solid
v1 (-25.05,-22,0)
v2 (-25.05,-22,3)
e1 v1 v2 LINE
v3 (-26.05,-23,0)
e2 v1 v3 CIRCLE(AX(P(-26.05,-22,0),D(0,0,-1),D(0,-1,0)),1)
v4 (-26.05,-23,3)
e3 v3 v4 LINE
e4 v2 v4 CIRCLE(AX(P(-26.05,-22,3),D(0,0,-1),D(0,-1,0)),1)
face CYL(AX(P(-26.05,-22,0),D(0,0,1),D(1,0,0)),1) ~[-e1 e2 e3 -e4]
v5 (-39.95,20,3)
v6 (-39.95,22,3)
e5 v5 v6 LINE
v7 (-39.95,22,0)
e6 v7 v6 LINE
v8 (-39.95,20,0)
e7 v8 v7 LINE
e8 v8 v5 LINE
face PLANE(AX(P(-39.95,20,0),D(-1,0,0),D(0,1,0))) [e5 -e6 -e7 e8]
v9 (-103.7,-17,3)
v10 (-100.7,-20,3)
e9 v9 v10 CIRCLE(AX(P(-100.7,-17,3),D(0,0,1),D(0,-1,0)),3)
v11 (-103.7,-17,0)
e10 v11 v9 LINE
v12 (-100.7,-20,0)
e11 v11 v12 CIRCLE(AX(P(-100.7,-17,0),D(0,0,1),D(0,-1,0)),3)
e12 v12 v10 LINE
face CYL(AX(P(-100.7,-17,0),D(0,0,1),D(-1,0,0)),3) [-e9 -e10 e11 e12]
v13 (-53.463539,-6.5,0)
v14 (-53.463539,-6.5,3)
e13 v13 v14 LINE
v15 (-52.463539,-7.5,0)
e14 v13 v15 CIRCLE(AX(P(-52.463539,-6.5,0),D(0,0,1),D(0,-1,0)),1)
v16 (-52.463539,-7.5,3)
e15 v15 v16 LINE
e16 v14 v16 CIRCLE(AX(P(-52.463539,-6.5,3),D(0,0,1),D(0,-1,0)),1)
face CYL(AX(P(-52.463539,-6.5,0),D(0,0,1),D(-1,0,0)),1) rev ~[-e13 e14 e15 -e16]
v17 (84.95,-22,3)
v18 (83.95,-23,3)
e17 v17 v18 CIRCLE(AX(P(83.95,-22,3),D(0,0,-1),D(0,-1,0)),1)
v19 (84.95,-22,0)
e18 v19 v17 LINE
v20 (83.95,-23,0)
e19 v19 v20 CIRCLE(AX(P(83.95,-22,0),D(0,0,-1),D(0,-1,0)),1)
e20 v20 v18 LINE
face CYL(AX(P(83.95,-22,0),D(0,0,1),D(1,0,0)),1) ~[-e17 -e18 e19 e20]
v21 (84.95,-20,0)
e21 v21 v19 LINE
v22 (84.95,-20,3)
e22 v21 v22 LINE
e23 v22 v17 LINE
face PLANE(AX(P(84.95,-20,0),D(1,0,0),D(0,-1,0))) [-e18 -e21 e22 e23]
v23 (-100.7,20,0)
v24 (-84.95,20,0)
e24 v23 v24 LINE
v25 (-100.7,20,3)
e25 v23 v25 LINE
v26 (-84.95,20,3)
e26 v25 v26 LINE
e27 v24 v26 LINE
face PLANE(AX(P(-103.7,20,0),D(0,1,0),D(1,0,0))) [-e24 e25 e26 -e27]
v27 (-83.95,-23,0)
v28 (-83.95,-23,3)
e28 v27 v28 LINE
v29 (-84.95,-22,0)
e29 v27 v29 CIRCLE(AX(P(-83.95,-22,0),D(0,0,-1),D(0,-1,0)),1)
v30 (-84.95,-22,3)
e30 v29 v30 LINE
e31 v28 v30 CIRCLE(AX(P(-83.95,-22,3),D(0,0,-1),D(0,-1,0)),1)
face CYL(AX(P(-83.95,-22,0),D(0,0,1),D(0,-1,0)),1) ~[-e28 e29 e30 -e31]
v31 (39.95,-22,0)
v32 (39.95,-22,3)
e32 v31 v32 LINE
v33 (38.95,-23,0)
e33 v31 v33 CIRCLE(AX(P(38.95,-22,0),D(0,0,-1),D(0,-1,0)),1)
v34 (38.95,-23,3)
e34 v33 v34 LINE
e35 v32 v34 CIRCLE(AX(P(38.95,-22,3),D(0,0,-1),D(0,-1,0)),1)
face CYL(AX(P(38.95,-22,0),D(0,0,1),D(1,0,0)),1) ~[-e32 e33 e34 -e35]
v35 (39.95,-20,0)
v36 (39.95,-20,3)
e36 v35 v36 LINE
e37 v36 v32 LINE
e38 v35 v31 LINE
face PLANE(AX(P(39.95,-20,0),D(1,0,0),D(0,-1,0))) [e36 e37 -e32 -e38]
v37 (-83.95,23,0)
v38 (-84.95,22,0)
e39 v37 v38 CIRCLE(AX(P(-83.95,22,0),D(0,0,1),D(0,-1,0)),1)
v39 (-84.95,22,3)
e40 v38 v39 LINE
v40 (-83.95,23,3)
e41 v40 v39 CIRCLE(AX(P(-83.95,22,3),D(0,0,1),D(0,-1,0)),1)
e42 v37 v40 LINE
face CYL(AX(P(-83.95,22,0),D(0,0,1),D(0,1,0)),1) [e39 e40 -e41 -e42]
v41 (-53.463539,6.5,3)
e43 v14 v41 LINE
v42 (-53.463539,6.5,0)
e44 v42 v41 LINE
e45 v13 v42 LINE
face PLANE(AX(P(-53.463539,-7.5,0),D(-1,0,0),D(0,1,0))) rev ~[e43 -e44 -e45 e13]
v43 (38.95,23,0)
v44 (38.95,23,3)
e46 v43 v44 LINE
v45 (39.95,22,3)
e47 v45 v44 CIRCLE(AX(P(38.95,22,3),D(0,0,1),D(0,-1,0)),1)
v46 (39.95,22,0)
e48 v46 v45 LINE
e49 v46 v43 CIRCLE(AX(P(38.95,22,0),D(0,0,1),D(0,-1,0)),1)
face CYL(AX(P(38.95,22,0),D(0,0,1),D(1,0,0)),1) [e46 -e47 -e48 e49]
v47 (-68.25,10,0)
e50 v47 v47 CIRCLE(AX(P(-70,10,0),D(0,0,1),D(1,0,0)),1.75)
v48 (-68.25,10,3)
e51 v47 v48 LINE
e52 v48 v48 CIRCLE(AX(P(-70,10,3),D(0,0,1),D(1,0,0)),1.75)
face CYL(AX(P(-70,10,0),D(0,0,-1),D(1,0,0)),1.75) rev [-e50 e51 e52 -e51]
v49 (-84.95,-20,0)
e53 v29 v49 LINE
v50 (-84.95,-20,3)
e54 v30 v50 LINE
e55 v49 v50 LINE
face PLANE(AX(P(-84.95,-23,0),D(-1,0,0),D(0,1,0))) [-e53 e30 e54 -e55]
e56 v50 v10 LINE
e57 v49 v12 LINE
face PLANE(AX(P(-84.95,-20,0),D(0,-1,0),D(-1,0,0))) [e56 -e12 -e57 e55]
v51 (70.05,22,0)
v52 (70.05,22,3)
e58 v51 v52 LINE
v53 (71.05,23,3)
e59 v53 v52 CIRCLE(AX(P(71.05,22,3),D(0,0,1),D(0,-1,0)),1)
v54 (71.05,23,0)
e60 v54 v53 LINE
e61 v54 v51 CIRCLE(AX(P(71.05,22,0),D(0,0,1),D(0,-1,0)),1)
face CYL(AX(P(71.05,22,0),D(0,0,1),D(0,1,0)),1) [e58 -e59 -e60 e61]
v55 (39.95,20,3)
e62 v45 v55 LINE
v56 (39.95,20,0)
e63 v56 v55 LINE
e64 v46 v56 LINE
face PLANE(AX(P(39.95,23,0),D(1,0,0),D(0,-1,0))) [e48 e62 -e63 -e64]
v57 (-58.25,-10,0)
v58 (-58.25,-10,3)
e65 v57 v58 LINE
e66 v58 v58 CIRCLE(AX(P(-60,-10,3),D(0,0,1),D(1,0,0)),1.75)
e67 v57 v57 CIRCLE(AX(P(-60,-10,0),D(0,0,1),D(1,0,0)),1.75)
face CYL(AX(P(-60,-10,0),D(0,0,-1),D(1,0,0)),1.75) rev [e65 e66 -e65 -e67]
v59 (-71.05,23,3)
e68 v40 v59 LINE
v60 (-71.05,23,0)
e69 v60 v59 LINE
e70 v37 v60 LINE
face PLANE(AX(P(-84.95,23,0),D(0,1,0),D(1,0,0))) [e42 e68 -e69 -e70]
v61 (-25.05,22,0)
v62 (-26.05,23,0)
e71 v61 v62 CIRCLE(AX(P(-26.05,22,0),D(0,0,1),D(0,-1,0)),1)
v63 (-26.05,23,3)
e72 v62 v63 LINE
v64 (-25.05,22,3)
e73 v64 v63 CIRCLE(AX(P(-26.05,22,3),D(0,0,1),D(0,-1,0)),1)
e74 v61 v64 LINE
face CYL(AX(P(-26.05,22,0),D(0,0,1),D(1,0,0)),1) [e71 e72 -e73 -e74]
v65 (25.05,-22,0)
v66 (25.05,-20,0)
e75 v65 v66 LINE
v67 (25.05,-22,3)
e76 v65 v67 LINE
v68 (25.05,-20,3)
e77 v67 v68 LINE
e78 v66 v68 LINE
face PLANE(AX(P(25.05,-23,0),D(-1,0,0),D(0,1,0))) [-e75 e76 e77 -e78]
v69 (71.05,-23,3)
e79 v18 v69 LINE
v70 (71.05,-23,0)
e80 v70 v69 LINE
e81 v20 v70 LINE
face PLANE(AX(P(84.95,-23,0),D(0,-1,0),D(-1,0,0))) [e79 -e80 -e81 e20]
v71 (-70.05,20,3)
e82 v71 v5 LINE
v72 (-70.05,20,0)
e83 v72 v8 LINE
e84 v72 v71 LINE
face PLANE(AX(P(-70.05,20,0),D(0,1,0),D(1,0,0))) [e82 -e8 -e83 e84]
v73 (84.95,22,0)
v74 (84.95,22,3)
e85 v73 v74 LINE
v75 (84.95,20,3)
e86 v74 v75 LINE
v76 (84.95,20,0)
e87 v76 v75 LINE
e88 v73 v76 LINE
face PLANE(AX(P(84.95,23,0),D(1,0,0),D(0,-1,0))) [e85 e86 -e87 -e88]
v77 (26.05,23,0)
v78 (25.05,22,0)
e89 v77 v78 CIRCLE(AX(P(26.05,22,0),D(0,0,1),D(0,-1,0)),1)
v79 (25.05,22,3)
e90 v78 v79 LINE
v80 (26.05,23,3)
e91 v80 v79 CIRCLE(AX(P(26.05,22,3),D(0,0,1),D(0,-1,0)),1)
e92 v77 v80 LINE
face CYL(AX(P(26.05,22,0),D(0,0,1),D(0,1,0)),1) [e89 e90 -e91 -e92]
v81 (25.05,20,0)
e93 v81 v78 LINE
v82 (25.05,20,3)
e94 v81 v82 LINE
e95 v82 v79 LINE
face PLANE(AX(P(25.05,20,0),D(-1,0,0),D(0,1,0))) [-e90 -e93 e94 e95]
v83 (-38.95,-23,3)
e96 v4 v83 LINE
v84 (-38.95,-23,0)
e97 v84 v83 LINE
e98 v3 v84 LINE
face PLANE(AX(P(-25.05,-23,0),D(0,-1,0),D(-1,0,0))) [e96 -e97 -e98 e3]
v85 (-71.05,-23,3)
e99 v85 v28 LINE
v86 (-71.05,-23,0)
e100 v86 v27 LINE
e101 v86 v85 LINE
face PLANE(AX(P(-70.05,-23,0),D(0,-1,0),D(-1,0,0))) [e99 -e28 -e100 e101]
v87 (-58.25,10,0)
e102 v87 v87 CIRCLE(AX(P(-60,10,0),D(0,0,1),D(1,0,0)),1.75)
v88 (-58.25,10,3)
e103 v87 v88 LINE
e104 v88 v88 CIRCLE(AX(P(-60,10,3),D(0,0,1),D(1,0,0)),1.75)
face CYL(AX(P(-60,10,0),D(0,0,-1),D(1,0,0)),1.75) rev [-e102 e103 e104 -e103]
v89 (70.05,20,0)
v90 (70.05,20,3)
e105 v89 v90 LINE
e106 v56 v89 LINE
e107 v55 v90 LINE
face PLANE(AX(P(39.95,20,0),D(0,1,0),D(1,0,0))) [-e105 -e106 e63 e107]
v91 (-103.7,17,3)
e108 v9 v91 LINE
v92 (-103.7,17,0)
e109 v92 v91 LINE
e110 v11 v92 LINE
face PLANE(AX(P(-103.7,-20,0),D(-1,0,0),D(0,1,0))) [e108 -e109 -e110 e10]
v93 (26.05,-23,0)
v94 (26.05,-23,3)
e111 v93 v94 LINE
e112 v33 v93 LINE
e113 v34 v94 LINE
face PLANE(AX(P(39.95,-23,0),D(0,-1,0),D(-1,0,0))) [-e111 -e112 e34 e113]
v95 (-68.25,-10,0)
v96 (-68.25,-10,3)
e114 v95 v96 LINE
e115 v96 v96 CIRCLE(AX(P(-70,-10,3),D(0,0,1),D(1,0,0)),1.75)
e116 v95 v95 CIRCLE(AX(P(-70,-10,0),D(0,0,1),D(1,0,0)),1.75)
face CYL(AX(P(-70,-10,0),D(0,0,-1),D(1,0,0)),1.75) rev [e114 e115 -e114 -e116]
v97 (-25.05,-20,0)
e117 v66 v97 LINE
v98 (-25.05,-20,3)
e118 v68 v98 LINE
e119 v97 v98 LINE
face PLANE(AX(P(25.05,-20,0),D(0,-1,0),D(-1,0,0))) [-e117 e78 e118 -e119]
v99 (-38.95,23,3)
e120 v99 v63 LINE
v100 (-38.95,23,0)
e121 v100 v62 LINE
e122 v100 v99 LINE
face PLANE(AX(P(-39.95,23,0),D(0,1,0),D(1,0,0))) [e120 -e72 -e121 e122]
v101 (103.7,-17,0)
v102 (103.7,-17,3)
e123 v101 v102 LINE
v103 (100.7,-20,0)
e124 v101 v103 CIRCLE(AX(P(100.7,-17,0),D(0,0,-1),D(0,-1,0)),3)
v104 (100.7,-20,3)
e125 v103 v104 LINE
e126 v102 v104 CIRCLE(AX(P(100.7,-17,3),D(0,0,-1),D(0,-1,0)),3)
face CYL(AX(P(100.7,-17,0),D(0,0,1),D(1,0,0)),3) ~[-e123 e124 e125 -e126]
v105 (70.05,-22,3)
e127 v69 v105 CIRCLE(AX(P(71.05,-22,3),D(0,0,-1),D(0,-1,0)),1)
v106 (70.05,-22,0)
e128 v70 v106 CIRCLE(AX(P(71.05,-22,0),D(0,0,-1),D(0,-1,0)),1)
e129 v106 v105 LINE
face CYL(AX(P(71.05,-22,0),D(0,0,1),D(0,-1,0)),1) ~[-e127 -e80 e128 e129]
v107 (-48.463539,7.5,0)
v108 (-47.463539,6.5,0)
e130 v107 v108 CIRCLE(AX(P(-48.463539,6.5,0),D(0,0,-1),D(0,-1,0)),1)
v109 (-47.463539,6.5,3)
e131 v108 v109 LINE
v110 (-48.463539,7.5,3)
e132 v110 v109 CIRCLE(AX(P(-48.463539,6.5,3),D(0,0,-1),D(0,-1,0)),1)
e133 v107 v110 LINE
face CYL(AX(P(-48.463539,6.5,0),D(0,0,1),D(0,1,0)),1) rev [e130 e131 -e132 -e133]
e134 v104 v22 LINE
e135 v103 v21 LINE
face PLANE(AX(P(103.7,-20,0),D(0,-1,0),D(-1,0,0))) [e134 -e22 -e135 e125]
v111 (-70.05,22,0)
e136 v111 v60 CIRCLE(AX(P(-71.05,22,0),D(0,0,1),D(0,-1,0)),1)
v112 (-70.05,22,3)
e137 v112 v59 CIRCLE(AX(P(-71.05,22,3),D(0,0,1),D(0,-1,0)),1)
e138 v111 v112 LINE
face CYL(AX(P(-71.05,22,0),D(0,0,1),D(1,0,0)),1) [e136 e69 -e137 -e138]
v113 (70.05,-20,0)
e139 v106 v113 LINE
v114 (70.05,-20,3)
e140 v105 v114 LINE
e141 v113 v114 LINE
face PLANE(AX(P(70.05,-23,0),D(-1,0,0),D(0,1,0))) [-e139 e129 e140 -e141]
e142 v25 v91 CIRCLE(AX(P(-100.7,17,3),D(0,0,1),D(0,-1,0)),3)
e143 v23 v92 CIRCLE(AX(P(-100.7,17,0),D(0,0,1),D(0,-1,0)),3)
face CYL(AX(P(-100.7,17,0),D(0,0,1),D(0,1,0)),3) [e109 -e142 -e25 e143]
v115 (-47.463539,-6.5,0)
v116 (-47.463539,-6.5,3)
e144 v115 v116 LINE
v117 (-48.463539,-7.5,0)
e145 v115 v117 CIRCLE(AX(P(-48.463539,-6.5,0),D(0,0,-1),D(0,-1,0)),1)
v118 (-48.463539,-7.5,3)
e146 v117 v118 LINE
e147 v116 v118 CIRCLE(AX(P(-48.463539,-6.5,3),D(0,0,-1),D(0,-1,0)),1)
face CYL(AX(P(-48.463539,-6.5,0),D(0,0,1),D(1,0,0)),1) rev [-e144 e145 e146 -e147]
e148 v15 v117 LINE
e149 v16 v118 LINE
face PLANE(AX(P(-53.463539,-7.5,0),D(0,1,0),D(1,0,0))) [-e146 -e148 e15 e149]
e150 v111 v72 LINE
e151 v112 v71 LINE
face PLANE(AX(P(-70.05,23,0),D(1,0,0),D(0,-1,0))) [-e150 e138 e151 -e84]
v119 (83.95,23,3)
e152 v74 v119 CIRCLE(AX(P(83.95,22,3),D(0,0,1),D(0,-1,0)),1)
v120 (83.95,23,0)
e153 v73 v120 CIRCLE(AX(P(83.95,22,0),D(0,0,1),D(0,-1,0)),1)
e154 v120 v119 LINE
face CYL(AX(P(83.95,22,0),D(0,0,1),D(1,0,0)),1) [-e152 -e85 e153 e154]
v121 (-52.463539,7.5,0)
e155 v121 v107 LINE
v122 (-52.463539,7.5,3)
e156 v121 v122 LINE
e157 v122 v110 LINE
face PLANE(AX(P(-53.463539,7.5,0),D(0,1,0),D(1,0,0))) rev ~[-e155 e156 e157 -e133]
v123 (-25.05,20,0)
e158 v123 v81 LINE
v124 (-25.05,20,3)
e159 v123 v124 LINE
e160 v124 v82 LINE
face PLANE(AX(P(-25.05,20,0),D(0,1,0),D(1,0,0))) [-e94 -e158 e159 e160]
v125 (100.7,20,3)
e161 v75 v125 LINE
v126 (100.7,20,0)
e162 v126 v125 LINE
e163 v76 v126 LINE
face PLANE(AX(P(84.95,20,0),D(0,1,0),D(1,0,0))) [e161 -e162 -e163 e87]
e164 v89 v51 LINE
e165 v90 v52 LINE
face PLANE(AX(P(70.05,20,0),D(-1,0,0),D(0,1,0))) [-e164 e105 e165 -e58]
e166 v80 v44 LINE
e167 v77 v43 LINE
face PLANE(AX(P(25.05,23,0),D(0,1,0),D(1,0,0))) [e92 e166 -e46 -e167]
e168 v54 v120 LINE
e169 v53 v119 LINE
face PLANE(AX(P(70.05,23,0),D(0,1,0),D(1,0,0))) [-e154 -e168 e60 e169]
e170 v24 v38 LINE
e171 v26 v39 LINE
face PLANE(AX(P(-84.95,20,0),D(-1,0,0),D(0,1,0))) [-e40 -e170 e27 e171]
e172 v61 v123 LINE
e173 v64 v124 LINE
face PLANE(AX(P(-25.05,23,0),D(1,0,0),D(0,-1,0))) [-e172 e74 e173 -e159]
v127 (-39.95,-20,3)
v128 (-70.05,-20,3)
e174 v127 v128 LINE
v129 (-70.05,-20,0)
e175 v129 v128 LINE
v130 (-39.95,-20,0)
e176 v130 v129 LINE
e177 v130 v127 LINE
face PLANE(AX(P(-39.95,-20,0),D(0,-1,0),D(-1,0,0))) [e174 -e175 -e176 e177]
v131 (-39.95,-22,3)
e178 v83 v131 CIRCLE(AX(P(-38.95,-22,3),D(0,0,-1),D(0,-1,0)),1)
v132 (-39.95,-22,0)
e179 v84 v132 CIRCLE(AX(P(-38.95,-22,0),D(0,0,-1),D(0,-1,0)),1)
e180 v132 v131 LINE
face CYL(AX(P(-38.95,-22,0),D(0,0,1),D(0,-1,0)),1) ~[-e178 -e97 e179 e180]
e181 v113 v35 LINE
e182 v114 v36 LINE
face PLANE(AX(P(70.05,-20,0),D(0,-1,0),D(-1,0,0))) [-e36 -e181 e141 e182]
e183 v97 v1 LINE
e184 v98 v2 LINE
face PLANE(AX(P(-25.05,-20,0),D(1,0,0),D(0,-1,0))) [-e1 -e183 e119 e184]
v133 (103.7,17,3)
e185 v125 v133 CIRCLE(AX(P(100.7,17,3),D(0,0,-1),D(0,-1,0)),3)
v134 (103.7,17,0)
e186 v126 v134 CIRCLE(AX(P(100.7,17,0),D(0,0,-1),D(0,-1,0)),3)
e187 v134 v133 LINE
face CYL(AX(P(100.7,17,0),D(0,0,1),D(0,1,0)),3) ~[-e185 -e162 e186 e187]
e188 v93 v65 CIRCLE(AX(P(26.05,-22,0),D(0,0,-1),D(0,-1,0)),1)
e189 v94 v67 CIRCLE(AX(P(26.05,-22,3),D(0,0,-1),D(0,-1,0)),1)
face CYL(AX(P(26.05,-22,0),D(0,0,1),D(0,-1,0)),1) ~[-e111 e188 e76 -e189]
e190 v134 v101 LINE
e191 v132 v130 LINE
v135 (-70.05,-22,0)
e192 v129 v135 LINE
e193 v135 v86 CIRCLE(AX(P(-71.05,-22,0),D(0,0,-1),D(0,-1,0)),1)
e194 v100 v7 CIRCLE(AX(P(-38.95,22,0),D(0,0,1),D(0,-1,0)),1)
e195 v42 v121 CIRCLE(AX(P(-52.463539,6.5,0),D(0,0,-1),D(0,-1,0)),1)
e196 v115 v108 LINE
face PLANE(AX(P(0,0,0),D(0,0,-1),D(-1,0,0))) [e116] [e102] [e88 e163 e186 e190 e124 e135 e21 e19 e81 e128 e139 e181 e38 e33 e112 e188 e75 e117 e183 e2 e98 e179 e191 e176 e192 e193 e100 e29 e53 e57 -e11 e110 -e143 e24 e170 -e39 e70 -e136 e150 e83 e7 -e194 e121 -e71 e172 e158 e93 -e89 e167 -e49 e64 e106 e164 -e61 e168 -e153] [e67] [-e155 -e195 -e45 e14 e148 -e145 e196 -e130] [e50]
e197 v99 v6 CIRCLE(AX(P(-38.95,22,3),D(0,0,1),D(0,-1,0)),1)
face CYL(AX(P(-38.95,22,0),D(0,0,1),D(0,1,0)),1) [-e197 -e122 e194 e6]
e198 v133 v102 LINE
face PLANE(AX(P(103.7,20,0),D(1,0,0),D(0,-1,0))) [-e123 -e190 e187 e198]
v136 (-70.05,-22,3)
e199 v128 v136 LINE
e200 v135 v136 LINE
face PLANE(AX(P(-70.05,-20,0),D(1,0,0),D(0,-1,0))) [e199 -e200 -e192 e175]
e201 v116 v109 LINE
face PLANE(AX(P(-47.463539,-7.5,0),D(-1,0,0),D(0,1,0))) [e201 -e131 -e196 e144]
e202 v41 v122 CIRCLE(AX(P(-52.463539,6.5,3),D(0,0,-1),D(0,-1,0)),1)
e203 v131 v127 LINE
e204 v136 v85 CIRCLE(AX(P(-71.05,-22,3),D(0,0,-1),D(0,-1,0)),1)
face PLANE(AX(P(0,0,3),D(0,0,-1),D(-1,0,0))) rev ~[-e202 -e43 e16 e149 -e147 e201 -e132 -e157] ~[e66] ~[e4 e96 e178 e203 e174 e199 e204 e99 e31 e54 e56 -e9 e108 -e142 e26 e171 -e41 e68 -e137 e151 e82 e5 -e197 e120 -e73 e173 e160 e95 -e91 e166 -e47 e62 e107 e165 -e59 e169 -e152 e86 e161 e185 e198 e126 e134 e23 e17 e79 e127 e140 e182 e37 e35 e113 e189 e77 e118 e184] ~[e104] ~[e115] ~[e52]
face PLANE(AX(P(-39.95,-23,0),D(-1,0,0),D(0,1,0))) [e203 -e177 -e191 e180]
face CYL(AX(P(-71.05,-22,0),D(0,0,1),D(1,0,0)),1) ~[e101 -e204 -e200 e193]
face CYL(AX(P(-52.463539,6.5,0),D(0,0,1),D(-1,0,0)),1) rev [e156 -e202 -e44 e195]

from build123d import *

# Parameters (mm, degrees)
SKETCH_R    = 1.75
SKETCH_W    = 6
SKETCH_H    = 15
PAD_DEPTH   = 3
FILLET_R    = 3
FILLET001_R = 1


with BuildPart() as part:
    # Sketch → Pad (new body)
    with BuildSketch(Plane.XY):
        Polygon((25.05, 23), (39.95, 23), (39.95, 20), (70.05, 20), (70.05, 23), (84.95, 23), (84.95, 20), (103.7, 20), (103.7, -20), (84.95, -20), (84.95, -23), (70.05, -23), (70.05, -20), (39.95, -20), (39.95, -23), (25.05, -23), (25.05, -20), (-25.05, -20), (-25.05, -23), (-39.95, -23), (-39.95, -20), (-70.05, -20), (-70.05, -23), (-84.95, -23), (-84.95, -20), (-103.7, -20), (-103.7, 20), (-84.95, 20), (-84.95, 23), (-70.05, 23), (-70.05, 20), (-39.95, 20), (-39.95, 23), (-25.05, 23), (-25.05, 20), (25.05, 20), align=None)
        with Locations((-70, 10)):
            Circle(SKETCH_R, mode=Mode.SUBTRACT)
        with Locations((-60, 10)):
            Circle(SKETCH_R, mode=Mode.SUBTRACT)
        with Locations((-70, -10)):
            Circle(SKETCH_R, mode=Mode.SUBTRACT)
        with Locations((-60, -10)):
            Circle(SKETCH_R, mode=Mode.SUBTRACT)
        with Locations((-50.463539, 0)):
            Rectangle(SKETCH_W, SKETCH_H, mode=Mode.SUBTRACT)
    extrude(amount=PAD_DEPTH)

    # Fillet
    fillet_edges = [part.edges().sort_by_distance(p)[0] for p in [
        (-103.7, 20, 1.5),
        (103.7, 20, 1.5),
        (103.7, -20, 1.5),
        (-103.7, -20, 1.5),
    ]]
    fillet(fillet_edges, radius=FILLET_R)

    # Fillet001
    fillet001_edges = [part.edges().sort_by_distance(p)[0] for p in [
        (-84.95, 23, 1.5),
        (-70.05, 23, 1.5),
        (-84.95, -23, 1.5),
        (-39.95, 23, 1.5),
        (-70.05, -23, 1.5),
        (-25.05, 23, 1.5),
        (-39.95, -23, 1.5),
        (25.05, 23, 1.5),
        (-25.05, -23, 1.5),
        (39.95, 23, 1.5),
        (25.05, -23, 1.5),
        (70.05, 23, 1.5),
        (39.95, -23, 1.5),
        (84.95, 23, 1.5),
        (70.05, -23, 1.5),
        (84.95, -23, 1.5),
        (-53.463539, -7.5, 1.5),
        (-53.463539, 7.5, 1.5),
        (-47.463539, -7.5, 1.5),
        (-47.463539, 7.5, 1.5),
    ]]
    fillet(fillet001_edges, radius=FILLET001_R)


solid = part.part
